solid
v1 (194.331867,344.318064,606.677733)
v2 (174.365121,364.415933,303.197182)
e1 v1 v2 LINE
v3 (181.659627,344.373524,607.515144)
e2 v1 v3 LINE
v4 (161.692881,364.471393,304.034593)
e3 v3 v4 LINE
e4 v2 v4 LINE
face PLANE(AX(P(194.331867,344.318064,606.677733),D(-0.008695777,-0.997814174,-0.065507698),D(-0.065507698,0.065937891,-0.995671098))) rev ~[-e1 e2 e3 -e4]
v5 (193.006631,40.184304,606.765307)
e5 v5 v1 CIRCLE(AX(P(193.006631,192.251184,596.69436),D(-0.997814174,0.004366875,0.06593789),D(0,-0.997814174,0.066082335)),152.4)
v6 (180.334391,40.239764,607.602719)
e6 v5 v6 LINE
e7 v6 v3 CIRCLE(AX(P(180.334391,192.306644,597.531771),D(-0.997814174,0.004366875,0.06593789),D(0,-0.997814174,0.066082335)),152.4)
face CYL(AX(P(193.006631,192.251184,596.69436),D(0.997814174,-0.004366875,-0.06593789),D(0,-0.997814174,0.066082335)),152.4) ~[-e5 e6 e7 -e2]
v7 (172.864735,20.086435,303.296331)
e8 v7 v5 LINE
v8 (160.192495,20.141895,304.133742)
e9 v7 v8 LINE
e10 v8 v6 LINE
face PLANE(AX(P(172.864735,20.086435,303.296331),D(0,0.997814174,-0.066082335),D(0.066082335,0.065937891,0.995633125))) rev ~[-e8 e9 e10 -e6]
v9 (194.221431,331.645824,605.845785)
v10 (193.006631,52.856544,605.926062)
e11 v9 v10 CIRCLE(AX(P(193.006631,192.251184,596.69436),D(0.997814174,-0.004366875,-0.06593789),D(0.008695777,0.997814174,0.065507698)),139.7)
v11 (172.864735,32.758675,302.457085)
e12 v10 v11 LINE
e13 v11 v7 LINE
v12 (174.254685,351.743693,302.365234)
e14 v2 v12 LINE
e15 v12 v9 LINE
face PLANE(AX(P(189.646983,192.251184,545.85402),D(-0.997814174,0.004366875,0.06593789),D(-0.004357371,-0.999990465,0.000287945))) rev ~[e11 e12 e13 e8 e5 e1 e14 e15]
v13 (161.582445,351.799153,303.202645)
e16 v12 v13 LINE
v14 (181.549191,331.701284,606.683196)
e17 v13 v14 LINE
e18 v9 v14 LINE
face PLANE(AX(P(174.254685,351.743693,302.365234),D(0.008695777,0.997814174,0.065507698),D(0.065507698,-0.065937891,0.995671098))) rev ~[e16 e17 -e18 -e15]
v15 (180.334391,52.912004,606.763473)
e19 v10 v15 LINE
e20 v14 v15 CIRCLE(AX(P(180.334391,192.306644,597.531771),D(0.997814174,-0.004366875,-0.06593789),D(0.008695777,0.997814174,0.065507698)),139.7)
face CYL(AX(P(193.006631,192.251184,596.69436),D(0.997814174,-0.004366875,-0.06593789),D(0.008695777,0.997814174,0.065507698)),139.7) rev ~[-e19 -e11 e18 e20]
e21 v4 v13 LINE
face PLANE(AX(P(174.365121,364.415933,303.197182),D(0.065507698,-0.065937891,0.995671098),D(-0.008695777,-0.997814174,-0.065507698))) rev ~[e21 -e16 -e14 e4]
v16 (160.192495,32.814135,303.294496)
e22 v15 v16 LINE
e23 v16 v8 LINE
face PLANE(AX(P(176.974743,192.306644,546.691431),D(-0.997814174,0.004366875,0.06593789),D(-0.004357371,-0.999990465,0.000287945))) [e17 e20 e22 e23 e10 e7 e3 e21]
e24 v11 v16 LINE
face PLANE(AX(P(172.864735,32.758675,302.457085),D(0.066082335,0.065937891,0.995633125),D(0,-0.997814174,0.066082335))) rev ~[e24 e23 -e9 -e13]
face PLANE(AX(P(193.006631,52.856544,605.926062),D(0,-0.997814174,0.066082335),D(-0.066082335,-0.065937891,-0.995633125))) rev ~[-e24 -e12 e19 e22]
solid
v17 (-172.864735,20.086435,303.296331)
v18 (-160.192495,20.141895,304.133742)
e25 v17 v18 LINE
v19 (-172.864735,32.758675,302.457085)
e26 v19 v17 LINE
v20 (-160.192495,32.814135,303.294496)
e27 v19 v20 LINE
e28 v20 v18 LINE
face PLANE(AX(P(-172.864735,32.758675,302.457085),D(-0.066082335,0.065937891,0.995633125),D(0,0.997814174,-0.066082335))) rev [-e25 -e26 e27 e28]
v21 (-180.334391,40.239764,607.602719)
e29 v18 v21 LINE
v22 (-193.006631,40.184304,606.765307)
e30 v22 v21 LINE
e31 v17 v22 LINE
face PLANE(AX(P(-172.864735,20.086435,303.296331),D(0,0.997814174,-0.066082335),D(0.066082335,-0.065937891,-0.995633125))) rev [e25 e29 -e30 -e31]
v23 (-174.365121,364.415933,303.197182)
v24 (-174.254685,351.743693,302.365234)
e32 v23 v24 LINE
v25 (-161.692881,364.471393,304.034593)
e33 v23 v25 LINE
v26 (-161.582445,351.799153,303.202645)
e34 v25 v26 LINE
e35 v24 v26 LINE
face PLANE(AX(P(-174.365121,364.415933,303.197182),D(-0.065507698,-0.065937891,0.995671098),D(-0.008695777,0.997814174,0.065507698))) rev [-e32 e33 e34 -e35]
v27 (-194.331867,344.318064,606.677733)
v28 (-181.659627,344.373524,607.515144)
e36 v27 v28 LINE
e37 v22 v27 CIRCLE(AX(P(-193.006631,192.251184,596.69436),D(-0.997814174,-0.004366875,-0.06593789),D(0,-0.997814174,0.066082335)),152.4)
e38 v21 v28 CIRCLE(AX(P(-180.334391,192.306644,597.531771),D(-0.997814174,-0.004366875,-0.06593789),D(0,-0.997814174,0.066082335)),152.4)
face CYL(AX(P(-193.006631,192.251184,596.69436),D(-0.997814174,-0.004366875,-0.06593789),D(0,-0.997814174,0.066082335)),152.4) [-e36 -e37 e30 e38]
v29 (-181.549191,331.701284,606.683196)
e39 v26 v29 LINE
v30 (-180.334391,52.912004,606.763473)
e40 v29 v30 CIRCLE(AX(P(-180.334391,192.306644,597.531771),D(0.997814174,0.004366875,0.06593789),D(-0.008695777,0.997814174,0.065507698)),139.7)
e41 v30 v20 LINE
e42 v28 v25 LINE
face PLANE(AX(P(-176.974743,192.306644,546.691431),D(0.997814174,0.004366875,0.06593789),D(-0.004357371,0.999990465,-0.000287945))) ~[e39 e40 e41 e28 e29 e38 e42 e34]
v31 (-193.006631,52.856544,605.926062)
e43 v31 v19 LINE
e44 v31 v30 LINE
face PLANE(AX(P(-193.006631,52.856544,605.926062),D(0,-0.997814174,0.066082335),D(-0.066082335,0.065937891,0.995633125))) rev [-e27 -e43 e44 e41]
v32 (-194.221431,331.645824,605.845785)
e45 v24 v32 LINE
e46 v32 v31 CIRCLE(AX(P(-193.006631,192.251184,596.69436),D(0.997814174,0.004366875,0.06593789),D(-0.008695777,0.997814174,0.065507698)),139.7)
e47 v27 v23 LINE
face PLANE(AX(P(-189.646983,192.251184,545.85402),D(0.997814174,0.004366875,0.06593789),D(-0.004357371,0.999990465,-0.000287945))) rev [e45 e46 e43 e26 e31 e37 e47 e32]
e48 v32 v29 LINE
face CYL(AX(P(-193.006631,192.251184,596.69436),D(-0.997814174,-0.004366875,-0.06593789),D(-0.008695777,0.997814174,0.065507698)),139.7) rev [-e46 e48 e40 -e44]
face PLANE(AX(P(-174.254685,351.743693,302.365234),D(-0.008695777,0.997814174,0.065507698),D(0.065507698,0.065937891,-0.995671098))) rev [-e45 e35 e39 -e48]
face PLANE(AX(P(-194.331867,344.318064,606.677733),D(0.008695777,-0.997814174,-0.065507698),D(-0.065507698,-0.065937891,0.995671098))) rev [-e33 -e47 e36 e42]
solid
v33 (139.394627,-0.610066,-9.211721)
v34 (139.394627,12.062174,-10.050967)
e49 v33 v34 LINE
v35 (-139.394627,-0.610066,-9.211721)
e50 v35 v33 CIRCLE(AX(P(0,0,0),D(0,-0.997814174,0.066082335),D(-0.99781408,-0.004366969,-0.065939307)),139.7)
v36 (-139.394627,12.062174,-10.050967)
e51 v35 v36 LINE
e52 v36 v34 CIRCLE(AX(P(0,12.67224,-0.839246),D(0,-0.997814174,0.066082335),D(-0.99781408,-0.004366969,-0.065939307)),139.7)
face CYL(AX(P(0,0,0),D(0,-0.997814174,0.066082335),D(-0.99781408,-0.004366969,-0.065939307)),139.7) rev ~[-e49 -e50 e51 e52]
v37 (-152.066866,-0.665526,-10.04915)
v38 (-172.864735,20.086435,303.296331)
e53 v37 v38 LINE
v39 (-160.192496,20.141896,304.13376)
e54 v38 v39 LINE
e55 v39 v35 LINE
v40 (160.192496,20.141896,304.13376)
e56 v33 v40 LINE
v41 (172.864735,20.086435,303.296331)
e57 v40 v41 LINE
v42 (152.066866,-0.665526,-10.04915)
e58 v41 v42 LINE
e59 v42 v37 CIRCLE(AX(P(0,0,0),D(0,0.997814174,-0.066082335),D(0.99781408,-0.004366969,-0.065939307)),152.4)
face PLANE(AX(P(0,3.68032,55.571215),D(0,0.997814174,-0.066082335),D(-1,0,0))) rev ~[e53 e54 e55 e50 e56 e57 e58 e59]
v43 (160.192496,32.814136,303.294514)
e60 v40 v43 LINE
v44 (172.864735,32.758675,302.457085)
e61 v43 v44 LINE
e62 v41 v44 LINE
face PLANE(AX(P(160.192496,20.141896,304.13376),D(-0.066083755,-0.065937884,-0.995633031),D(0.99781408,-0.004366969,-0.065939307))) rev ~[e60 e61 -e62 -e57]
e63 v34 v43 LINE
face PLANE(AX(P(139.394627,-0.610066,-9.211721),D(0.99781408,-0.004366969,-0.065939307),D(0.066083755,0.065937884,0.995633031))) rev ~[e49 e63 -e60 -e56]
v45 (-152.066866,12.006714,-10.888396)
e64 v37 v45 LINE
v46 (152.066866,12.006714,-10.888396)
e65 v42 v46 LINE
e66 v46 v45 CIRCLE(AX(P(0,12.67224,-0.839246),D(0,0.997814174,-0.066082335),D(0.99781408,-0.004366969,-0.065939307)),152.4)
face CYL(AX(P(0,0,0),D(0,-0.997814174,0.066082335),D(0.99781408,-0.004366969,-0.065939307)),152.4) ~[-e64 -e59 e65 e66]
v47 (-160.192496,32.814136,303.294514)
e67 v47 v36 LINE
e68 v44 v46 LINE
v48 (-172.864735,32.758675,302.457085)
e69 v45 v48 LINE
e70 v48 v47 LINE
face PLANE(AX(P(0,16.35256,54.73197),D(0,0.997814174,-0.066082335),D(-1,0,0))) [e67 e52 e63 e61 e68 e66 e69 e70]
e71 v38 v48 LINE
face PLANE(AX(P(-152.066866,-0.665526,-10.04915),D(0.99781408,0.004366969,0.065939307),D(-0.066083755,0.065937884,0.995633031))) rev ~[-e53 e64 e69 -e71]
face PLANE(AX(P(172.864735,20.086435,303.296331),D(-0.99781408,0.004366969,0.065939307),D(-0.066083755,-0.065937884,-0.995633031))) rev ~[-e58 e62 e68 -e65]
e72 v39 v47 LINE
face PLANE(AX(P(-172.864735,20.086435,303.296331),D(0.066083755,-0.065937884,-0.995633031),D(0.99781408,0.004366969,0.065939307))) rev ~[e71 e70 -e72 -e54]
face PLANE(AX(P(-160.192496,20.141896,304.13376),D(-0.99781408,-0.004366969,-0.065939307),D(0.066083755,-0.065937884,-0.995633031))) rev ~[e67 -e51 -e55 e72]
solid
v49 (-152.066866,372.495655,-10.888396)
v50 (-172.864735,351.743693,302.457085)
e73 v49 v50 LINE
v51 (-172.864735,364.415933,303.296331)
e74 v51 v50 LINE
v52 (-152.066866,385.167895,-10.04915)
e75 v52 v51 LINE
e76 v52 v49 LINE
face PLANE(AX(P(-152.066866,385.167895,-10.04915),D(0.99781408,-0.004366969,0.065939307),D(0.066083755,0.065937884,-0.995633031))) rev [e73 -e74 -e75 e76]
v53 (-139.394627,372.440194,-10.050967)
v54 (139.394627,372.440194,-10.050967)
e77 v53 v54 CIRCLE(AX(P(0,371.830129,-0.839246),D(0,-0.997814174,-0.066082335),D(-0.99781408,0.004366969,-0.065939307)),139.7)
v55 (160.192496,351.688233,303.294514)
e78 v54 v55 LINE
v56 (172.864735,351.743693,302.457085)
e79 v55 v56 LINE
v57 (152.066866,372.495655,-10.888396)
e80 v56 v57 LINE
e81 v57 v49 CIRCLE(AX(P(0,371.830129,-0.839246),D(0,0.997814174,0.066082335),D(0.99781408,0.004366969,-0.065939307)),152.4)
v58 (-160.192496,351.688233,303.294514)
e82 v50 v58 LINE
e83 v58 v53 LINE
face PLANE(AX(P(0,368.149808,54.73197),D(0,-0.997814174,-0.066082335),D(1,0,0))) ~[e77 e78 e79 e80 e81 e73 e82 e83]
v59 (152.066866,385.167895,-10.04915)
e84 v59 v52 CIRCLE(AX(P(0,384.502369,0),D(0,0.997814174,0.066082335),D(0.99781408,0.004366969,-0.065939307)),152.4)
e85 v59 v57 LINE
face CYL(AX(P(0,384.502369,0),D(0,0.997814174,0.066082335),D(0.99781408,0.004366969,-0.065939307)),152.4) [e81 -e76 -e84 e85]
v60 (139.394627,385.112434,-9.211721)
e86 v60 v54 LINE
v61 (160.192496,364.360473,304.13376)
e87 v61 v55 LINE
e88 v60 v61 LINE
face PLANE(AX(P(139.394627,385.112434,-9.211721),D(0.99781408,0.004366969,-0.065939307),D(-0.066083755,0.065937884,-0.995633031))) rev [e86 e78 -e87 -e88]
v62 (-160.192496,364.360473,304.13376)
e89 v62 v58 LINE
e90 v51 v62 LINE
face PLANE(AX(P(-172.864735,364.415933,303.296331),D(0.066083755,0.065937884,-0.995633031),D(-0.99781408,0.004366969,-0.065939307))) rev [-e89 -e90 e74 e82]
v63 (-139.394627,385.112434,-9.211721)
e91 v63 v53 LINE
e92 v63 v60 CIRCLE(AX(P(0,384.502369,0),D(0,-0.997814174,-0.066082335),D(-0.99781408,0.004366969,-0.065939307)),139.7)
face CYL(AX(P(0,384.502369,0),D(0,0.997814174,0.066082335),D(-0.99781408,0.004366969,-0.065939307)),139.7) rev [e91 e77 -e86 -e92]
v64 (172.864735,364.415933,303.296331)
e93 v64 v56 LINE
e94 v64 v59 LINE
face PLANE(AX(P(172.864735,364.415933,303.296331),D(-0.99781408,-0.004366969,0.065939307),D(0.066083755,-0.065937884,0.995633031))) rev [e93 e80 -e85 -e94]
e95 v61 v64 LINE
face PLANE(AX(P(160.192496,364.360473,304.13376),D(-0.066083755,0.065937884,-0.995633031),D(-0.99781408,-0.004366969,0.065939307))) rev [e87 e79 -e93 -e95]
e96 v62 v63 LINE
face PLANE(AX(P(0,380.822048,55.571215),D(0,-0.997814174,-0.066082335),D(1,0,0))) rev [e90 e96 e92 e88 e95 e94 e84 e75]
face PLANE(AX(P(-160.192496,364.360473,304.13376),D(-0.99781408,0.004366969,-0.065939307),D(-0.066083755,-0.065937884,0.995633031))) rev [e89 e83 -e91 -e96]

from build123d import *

# Parameters (mm, degrees)
F3_DEPTH = 12.7
F6_DEPTH = 12.7


with BuildPart() as f3:
    # F2 (on line) → F3 (new body)
    with BuildSketch(Plane(origin=(0, 0, 0), x_dir=(-1, 0, 0), z_dir=(0, 0.9978141736, -0.066082335))):
        with BuildLine():
            Line((-172.8647352488, 303.9607363172), (-152.0668657262, -10.0711641936))
            ThreePointArc((-152.0668657262, -10.0711641936), (0, -152.4), (152.0668657262, -10.0711641936))
            Line((152.0668657262, -10.0711641936), (172.8647352488, 303.9607363172))
            Line((172.8647352488, 303.9607363172), (160.1924964383, 304.8))
            Line((160.1924964383, 304.8), (139.3946269157, -9.2319005108))
            ThreePointArc((139.3946269157, -9.2319005108), (0, -139.7), (-139.3946269157, -9.2319005108))
            Line((-139.3946269157, -9.2319005108), (-160.1924964383, 304.8))
            Line((-160.1924964383, 304.8), (-172.8647352488, 303.9607363172))
        make_face()
    extrude(amount=F3_DEPTH)


with BuildPart() as f6:
    # F5 (on face) → F6 (new body)
    with BuildSketch(Plane(origin=(152.0673267986, -0.665513706, -10.0489640396), x_dir=(-0.0043573713, -0.9999904652, 0.0002879453), z_dir=(-0.9978141736, 0.004366875, 0.0659378905))):
        with BuildLine():
            Line((-33.4245076272, 313.197288843), (-20.7521467938, 314.0347080374))
            Line((-20.7521467938, 314.0347080374), (-40.850207461, 618.1713680398))
            ThreePointArc((-40.850207461, 618.1713680398), (-192.9185374622, 760.5223377062), (-344.9868674634, 618.1713680398))
            Line((-344.9868674634, 618.1713680398), (-365.0849281307, 314.0347080374))
            Line((-365.0849281307, 314.0347080374), (-352.4125672972, 313.197288843))
            Line((-352.4125672972, 313.197288843), (-332.31450663, 617.3339488454))
            ThreePointArc((-332.31450663, 617.3339488454), (-192.9185374622, 747.8223377062), (-53.5225682945, 617.3339488454))
            Line((-53.5225682945, 617.3339488454), (-33.4245076272, 313.197288843))
        make_face()
    extrude(amount=F6_DEPTH)


with BuildPart() as f7_1:
    # F7: instance of F6
    add(f6.part.mirror(Plane.YZ))


with BuildPart() as f10_1:
    # F10: instance of F3
    add(f3.part.mirror(Plane(origin=(0, 192.251184308, 0), x_dir=(-1, 0, 0), z_dir=(0, 1, 0))))


solid = Compound([f3.part, f6.part, f7_1.part, f10_1.part])
